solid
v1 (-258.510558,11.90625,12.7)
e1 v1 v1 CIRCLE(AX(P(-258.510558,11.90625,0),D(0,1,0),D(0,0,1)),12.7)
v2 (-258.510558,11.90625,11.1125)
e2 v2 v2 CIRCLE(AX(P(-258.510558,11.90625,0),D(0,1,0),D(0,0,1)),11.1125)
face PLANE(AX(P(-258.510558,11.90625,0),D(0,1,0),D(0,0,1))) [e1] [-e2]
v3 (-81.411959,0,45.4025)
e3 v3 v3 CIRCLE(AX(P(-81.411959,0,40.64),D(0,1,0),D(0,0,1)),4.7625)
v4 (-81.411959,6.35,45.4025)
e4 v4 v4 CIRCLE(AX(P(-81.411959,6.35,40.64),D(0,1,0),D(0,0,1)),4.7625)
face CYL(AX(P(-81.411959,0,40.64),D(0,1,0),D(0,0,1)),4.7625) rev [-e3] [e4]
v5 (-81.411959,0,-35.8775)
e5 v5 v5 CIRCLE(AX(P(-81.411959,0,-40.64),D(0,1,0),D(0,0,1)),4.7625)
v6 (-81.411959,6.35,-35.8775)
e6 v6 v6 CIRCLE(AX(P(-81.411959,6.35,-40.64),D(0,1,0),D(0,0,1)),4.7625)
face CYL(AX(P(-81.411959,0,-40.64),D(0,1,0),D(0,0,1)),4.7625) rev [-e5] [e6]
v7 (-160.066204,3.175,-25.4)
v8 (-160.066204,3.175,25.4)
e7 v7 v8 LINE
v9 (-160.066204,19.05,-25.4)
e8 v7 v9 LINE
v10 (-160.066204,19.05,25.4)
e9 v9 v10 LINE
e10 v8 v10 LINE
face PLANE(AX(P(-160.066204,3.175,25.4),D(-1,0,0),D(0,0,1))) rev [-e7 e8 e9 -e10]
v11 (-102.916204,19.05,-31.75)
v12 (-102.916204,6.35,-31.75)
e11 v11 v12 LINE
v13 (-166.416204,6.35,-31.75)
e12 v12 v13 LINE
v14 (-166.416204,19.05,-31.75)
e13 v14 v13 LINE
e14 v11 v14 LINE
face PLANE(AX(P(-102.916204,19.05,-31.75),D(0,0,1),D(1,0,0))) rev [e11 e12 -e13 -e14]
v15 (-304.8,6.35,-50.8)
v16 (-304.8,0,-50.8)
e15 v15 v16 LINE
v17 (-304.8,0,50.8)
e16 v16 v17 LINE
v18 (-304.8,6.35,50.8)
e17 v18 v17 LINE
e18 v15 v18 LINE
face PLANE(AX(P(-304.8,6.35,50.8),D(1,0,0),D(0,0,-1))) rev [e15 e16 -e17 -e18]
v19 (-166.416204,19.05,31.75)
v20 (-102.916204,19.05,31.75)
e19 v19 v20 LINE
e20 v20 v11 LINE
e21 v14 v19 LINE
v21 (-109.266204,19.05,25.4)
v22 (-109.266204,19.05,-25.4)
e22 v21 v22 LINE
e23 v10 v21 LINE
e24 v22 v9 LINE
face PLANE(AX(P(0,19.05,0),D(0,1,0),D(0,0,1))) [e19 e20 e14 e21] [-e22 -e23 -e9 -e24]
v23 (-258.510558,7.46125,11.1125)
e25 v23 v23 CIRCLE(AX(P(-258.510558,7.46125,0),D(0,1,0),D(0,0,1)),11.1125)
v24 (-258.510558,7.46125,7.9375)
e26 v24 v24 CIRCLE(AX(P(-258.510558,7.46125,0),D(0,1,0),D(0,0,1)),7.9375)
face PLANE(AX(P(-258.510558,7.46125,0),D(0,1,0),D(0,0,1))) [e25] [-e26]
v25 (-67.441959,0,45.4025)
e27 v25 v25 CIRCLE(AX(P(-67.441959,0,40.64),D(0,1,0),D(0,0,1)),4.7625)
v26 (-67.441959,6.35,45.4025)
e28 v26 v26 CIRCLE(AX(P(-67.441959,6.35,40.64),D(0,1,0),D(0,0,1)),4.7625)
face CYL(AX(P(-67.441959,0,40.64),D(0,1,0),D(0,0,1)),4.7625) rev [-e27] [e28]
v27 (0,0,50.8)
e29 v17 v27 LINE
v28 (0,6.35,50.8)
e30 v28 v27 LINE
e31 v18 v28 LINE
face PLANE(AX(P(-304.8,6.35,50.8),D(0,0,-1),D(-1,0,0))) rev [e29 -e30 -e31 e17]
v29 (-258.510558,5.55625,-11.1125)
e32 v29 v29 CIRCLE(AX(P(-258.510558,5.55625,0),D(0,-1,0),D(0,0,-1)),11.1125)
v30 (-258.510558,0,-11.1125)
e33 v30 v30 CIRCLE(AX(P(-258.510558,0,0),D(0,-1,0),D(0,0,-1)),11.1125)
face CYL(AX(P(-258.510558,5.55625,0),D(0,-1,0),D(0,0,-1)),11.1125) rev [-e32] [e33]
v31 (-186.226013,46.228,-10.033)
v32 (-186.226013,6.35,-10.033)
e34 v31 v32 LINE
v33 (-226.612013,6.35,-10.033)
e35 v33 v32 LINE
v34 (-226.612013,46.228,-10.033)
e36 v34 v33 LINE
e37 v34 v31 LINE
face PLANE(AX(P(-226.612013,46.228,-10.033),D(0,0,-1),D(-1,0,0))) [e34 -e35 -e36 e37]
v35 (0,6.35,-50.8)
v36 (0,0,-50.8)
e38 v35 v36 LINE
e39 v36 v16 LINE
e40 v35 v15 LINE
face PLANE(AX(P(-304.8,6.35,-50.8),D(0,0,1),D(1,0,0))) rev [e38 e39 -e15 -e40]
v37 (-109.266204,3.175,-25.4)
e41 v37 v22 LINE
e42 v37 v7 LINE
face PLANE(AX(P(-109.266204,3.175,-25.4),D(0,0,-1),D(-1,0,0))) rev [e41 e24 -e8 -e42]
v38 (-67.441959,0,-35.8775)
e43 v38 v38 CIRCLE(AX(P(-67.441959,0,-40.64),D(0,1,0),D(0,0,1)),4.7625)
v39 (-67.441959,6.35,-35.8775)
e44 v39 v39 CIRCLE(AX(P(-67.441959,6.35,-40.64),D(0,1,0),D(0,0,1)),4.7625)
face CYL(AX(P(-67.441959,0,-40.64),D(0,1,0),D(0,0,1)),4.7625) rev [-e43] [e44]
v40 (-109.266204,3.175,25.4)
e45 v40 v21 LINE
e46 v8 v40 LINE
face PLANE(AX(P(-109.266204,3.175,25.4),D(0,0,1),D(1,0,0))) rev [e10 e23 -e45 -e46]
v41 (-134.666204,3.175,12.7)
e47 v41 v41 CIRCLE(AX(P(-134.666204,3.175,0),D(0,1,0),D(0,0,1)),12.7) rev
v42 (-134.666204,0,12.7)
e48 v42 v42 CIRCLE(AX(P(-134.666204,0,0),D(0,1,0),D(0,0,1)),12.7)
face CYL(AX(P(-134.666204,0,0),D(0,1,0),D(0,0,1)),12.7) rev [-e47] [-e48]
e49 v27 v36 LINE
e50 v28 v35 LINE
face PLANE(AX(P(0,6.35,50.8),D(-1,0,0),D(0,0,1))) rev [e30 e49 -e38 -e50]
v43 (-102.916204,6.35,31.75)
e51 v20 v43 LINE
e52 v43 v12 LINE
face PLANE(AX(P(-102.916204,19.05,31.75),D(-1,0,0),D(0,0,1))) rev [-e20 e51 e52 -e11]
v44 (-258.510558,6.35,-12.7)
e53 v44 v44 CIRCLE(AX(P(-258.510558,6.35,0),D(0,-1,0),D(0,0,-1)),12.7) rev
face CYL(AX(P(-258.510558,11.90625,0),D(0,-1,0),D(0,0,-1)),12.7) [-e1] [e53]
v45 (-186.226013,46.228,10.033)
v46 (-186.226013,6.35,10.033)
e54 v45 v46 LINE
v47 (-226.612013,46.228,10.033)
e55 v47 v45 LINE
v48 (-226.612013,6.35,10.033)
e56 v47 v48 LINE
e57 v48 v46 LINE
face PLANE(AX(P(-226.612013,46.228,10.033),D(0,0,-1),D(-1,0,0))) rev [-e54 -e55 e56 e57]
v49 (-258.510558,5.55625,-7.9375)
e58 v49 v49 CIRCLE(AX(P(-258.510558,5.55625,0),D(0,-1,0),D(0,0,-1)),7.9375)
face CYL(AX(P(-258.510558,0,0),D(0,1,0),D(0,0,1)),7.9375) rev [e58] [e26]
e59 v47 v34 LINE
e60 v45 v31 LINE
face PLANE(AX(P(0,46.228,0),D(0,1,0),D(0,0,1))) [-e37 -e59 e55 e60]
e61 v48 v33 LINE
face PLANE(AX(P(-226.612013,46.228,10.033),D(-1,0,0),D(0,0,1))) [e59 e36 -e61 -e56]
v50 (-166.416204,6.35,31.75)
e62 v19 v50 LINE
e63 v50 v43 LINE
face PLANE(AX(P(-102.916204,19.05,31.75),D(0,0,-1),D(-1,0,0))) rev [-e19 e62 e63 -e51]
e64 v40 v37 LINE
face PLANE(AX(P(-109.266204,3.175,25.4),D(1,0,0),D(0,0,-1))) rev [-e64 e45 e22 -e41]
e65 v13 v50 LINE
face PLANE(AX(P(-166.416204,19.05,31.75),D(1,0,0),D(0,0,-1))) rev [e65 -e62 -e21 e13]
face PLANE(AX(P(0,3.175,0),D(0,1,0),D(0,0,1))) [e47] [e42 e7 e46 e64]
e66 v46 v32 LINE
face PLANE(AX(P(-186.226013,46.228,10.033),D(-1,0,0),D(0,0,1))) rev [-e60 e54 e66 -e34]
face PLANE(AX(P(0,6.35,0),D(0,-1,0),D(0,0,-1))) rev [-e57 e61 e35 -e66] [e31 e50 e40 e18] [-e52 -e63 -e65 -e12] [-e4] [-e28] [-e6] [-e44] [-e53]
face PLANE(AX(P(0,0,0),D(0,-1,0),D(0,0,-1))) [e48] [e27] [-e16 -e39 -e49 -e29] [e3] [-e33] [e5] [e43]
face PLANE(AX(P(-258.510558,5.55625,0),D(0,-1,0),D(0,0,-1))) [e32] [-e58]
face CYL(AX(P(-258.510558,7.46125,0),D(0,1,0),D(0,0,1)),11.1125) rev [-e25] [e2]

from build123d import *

# Parameters (mm, degrees)
SKETCH1_W           = 304.8
SKETCH1_H           = 101.6
BOSS_EXTRUDE1_DEPTH = 6.35
SKETCH2_R           = 12.7
BOSS_EXTRUDE3_DEPTH = 5.55625
SKETCH9_R           = 11.1125
CUT_EXTRUDE4_DEPTH  = 4.445
CUT_EXTRUDE5_START  = -5.55625
SKETCH10_R          = 11.1125
CUT_EXTRUDE5_DEPTH  = 5.55625
SKETCH11_R          = 7.9375
CUT_EXTRUDE6_DEPTH  = 310.094403462
SKETCH12_R          = 12.7
CUT_EXTRUDE7_DEPTH  = 310.0695755
SKETCH22_W          = 63.5
SKETCH22_H          = 63.5
BOSS_EXTRUDE7_DEPTH = 12.7
SKETCH25_W          = 50.8
SKETCH25_H          = 50.8
CUT_EXTRUDE11_DEPTH = 15.875
SKETCH18_W          = 40.386
SKETCH18_H          = 20.066
BOSS_EXTRUDE5_DEPTH = 39.878
SKETCH32_R          = 4.7625
CUT_EXTRUDE12_DEPTH = 6.35


with BuildPart() as part:
    # Sketch1 → Boss-Extrude1 (new body)
    with BuildSketch(Plane(origin=(0, 0, 0), x_dir=(1, 0, 0), z_dir=(0, 1, 0))):
        with Locations((-152.4, 0)):
            Rectangle(SKETCH1_W, SKETCH1_H)
    extrude(amount=BOSS_EXTRUDE1_DEPTH)

    # Sketch2 → Boss-Extrude3 (add)
    with BuildSketch(Plane(origin=(0, 6.35, 0), x_dir=(1, 0, 0), z_dir=(0, 1, 0))):
        with Locations(Location((-258.510557857, 0, 0), (0, 0, 90))):
            Circle(SKETCH2_R)
    extrude(amount=BOSS_EXTRUDE3_DEPTH)

    # Sketch9 → Cut-Extrude4 (cut)
    with BuildSketch(Plane(origin=(0, 11.90625, 0), x_dir=(1, 0, 0), z_dir=(0, 1, 0))):
        with Locations(Location((-258.510557857, 0, 0), (0, 0, 270))):
            Circle(SKETCH9_R)
    extrude(amount=-CUT_EXTRUDE4_DEPTH, mode=Mode.SUBTRACT)

    # Sketch10 → Cut-Extrude5 (cut)
    with BuildSketch(Plane(origin=(0, 0, 0), x_dir=(-1, 0, 0), z_dir=(0, -1, 0)).offset(CUT_EXTRUDE5_START)):
        with Locations(Location((258.510557857, 0, 0), (0, 0, 270))):
            Circle(SKETCH10_R)
    extrude(amount=CUT_EXTRUDE5_DEPTH, mode=Mode.SUBTRACT)

    # Sketch11 → Cut-Extrude6 (cut, through all)
    with BuildSketch(Plane(origin=(0, 7.46125, 0), x_dir=(1, 0, 0), z_dir=(0, 1, 0))):
        with Locations(Location((-258.510557857, 0, 0), (0, 0, 270))):
            Circle(SKETCH11_R)
    extrude(amount=-CUT_EXTRUDE6_DEPTH, mode=Mode.SUBTRACT)

    # Sketch12 → Cut-Extrude7 (cut, through all)
    with BuildSketch(Plane(origin=(0, 6.35, 0), x_dir=(1, 0, 0), z_dir=(0, 1, 0))):
        with Locations(Location((-134.666203771, 0, 0), (0, 0, 270))):
            Circle(SKETCH12_R)
    extrude(amount=-CUT_EXTRUDE7_DEPTH, mode=Mode.SUBTRACT)

    # Sketch22 → Boss-Extrude7 (add)
    with BuildSketch(Plane(origin=(0, 6.35, 0), x_dir=(1, 0, 0), z_dir=(0, 1, 0))):
        with Locations((-134.666203771, 0)):
            Rectangle(SKETCH22_W, SKETCH22_H)
    extrude(amount=BOSS_EXTRUDE7_DEPTH)

    # Sketch25 → Cut-Extrude11 (cut)
    with BuildSketch(Plane(origin=(0, 19.05, 0), x_dir=(1, 0, 0), z_dir=(0, 1, 0))):
        with Locations((-134.666203771, 0)):
            Rectangle(SKETCH25_W, SKETCH25_H)
    extrude(amount=-CUT_EXTRUDE11_DEPTH, mode=Mode.SUBTRACT)

    # Sketch18 → Boss-Extrude5 (add)
    with BuildSketch(Plane(origin=(0, 6.35, 0), x_dir=(1, 0, 0), z_dir=(0, 1, 0))):
        with Locations((-206.419013169, 0)):
            Rectangle(SKETCH18_W, SKETCH18_H)
    extrude(amount=BOSS_EXTRUDE5_DEPTH)

    # Sketch32 → Cut-Extrude12 (cut)
    with BuildSketch(Plane(origin=(0, 6.35, 0), x_dir=(1, 0, 0), z_dir=(0, 1, 0))):
        with Locations(Location((-67.44195898, -40.64, 0), (0, 0, 270))):
            Circle(SKETCH32_R)
        with Locations(Location((-81.41195898, -40.64, 0), (0, 0, 270))):
            Circle(SKETCH32_R)
        with Locations(Location((-67.44195898, 40.64, 0), (0, 0, 270))):
            Circle(SKETCH32_R)
        with Locations(Location((-81.41195898, 40.64, 0), (0, 0, 270))):
            Circle(SKETCH32_R)
    extrude(amount=-CUT_EXTRUDE12_DEPTH, mode=Mode.SUBTRACT)


solid = part.part
